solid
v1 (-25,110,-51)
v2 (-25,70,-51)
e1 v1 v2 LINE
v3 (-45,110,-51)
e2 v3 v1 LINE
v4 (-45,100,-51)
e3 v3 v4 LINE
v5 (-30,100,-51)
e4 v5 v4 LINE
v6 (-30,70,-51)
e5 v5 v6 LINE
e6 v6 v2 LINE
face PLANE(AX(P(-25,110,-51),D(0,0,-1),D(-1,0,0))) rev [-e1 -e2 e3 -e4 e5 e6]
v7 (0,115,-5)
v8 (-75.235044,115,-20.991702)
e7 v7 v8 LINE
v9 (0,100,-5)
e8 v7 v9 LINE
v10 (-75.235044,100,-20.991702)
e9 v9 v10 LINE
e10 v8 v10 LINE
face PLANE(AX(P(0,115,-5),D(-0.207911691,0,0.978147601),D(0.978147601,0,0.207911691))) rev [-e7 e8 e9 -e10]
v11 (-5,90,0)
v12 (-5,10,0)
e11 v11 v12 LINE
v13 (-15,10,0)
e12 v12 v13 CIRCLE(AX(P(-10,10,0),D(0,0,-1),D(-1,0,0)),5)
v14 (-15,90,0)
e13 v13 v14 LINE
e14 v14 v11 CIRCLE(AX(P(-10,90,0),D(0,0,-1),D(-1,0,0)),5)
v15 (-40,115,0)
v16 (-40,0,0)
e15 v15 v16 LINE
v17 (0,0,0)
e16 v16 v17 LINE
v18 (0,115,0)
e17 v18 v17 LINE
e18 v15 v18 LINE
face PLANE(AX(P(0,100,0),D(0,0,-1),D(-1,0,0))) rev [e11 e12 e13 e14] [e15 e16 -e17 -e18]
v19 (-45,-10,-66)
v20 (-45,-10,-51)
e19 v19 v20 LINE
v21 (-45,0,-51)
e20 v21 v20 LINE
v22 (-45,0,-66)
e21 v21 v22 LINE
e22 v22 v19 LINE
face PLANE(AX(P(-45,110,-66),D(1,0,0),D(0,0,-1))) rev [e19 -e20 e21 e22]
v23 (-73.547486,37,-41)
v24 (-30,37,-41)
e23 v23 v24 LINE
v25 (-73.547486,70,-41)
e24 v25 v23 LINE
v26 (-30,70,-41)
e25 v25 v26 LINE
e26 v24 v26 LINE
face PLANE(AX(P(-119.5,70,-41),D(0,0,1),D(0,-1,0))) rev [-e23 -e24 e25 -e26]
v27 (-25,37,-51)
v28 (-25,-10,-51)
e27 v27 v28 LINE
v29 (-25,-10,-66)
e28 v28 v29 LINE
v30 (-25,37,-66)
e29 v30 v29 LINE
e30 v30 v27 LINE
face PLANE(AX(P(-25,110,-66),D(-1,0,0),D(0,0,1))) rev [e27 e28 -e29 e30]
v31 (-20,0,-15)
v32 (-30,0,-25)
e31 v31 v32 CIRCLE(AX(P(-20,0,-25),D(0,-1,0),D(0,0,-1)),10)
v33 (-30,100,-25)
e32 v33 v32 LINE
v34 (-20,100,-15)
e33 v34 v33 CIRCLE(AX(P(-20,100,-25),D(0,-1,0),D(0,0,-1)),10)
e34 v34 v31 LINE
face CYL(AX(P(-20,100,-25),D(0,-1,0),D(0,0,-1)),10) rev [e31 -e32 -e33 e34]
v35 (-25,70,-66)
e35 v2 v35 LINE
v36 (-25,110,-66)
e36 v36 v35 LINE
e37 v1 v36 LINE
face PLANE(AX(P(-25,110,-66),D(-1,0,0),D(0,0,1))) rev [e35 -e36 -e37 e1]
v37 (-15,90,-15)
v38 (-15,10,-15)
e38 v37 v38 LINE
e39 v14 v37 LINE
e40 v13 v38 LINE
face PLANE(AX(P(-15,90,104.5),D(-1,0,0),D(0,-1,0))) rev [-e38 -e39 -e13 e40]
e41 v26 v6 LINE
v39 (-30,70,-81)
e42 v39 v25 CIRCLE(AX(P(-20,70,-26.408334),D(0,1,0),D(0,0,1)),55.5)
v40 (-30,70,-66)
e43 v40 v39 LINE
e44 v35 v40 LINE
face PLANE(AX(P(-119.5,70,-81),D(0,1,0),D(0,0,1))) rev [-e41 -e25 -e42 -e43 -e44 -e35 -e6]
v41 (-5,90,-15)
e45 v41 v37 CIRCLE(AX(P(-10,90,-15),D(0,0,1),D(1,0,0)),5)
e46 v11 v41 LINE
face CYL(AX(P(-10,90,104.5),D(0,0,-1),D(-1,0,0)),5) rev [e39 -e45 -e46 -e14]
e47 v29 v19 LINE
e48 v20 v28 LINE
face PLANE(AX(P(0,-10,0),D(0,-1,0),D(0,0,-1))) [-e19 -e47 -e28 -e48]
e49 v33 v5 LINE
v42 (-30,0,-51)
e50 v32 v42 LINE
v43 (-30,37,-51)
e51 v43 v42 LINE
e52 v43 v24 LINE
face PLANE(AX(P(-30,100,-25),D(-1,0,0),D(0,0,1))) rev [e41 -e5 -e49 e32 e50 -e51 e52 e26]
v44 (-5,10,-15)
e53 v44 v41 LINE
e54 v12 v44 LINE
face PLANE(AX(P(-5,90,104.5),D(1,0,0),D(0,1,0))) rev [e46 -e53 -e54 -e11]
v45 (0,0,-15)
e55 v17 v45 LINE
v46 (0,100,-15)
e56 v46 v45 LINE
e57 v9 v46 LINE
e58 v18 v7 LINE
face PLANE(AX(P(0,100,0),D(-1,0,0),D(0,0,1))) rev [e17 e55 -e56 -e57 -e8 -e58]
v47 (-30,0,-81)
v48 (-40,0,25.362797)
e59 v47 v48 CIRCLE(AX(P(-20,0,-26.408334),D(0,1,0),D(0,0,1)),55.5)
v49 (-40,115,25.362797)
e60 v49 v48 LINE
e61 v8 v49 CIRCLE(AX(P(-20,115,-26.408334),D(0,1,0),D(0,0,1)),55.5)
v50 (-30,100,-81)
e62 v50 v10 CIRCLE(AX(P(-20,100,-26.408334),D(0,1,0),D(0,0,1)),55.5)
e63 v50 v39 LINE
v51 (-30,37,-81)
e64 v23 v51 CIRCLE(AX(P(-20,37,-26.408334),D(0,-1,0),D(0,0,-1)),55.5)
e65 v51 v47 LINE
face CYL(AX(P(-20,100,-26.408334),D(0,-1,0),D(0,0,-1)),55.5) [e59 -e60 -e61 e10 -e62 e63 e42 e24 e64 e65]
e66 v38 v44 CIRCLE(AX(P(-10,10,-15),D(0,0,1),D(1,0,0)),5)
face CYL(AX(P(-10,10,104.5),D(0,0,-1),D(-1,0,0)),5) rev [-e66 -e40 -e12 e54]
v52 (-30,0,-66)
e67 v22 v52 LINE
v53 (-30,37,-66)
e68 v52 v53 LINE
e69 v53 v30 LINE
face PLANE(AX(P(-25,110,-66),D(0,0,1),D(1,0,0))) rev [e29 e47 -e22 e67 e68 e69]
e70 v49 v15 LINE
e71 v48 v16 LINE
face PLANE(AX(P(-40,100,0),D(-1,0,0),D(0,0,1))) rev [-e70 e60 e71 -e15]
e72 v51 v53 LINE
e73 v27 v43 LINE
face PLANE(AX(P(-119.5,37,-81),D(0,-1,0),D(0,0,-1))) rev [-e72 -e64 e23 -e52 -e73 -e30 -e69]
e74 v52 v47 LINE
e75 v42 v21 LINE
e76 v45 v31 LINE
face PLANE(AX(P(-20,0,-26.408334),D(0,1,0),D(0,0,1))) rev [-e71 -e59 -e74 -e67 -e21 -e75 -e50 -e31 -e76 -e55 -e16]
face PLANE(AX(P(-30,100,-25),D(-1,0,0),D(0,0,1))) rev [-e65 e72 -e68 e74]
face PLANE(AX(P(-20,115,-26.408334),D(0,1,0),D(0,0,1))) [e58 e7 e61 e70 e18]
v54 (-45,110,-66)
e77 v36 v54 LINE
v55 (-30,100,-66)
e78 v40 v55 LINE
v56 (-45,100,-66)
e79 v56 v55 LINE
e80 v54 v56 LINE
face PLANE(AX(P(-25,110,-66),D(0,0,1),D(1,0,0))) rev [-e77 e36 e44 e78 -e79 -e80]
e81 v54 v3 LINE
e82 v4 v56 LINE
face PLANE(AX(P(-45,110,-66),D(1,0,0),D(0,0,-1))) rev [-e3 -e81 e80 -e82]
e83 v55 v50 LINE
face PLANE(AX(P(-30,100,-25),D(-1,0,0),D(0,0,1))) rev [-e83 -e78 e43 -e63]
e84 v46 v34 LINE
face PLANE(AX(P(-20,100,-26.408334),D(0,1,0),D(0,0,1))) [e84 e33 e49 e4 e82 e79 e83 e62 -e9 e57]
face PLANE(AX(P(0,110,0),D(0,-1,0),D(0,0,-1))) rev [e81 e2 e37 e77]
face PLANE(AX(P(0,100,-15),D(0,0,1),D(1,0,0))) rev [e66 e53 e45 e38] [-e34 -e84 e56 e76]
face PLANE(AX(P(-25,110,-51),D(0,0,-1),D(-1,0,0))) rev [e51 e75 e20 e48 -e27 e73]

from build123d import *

# Parameters (mm, degrees)
BOSS_EXTRUDE1_DEPTH = 100
BOSS_EXTRUDE2_DEPTH = 15
SKETCH3_W           = 20
SKETCH3_H           = 15
BOSS_EXTRUDE3_DEPTH = 60
SKETCH4_W           = 40
SKETCH4_H           = 33
CUT_EXTRUDE1_DEPTH  = 119.5
CUT_EXTRUDE2_DEPTH  = 119.5


with BuildPart() as part:
    # Sketch1 → Boss-Extrude1 (new body)
    with BuildSketch(Plane(origin=(0, 0, 0), x_dir=(1, 0, 0), z_dir=(0, 1, 0))):
        with BuildLine():
            Line((0, 0), (0, 15))
            Line((0, 15), (-20, 15))
            ThreePointArc((-20, 15), (-27.071067812, 17.928932188), (-30, 25))
            Line((-30, 25), (-30, 81))
            ThreePointArc((-30, 81), (-75.256322222, 31.603413808), (-40, -25.362796982))
            Line((-40, -25.362796982), (-40, 0))
            Line((-40, 0), (0, 0))
        make_face()
    extrude(amount=BOSS_EXTRUDE1_DEPTH)

    # Sketch2 → Boss-Extrude2 (add)
    with BuildSketch(Plane(origin=(0, 100, 0), x_dir=(1, 0, 0), z_dir=(0, 1, 0))):
        with BuildLine():
            Line((0, 5), (-75.235044142, 20.9917023))
            ThreePointArc((-75.235044142, 20.9917023), (-64.184418834, -7.177185713), (-40, -25.362796982))
            Line((-40, -25.362796982), (-40, 0))
            Line((-40, 0), (0, 0))
            Line((0, 0), (0, 5))
        make_face()
    extrude(amount=BOSS_EXTRUDE2_DEPTH)

    # Sketch3 → Boss-Extrude3 (add, symmetric)
    with BuildSketch(Plane(origin=(0, 50, 0), x_dir=(1, 0, 0), z_dir=(0, 1, 0))):
        with Locations((-35, 58.5)):
            Rectangle(SKETCH3_W, SKETCH3_H)
    extrude(amount=BOSS_EXTRUDE3_DEPTH, both=True)

    # Sketch4 → Cut-Extrude1 (cut, symmetric)
    with BuildSketch(Plane(origin=(0, 0, 0), x_dir=(0, 0, -1), z_dir=(1, 0, 0))):
        with Locations((61, 53.5)):
            Rectangle(SKETCH4_W, SKETCH4_H)
    extrude(amount=CUT_EXTRUDE1_DEPTH, both=True, mode=Mode.SUBTRACT)

    # Sketch5 → Cut-Extrude2 (cut, symmetric)
    with BuildSketch(Plane(origin=(0, 0, -15), x_dir=(-1, 0, 0), z_dir=(0, 0, -1))):
        with BuildLine():
            Line((15, 90), (15, 10))
            ThreePointArc((15, 10), (10, 5), (5, 10))
            Line((5, 10), (5, 90))
            ThreePointArc((5, 90), (10, 95), (15, 90))
        make_face()
    extrude(amount=CUT_EXTRUDE2_DEPTH, both=True, mode=Mode.SUBTRACT)


solid = part.part
